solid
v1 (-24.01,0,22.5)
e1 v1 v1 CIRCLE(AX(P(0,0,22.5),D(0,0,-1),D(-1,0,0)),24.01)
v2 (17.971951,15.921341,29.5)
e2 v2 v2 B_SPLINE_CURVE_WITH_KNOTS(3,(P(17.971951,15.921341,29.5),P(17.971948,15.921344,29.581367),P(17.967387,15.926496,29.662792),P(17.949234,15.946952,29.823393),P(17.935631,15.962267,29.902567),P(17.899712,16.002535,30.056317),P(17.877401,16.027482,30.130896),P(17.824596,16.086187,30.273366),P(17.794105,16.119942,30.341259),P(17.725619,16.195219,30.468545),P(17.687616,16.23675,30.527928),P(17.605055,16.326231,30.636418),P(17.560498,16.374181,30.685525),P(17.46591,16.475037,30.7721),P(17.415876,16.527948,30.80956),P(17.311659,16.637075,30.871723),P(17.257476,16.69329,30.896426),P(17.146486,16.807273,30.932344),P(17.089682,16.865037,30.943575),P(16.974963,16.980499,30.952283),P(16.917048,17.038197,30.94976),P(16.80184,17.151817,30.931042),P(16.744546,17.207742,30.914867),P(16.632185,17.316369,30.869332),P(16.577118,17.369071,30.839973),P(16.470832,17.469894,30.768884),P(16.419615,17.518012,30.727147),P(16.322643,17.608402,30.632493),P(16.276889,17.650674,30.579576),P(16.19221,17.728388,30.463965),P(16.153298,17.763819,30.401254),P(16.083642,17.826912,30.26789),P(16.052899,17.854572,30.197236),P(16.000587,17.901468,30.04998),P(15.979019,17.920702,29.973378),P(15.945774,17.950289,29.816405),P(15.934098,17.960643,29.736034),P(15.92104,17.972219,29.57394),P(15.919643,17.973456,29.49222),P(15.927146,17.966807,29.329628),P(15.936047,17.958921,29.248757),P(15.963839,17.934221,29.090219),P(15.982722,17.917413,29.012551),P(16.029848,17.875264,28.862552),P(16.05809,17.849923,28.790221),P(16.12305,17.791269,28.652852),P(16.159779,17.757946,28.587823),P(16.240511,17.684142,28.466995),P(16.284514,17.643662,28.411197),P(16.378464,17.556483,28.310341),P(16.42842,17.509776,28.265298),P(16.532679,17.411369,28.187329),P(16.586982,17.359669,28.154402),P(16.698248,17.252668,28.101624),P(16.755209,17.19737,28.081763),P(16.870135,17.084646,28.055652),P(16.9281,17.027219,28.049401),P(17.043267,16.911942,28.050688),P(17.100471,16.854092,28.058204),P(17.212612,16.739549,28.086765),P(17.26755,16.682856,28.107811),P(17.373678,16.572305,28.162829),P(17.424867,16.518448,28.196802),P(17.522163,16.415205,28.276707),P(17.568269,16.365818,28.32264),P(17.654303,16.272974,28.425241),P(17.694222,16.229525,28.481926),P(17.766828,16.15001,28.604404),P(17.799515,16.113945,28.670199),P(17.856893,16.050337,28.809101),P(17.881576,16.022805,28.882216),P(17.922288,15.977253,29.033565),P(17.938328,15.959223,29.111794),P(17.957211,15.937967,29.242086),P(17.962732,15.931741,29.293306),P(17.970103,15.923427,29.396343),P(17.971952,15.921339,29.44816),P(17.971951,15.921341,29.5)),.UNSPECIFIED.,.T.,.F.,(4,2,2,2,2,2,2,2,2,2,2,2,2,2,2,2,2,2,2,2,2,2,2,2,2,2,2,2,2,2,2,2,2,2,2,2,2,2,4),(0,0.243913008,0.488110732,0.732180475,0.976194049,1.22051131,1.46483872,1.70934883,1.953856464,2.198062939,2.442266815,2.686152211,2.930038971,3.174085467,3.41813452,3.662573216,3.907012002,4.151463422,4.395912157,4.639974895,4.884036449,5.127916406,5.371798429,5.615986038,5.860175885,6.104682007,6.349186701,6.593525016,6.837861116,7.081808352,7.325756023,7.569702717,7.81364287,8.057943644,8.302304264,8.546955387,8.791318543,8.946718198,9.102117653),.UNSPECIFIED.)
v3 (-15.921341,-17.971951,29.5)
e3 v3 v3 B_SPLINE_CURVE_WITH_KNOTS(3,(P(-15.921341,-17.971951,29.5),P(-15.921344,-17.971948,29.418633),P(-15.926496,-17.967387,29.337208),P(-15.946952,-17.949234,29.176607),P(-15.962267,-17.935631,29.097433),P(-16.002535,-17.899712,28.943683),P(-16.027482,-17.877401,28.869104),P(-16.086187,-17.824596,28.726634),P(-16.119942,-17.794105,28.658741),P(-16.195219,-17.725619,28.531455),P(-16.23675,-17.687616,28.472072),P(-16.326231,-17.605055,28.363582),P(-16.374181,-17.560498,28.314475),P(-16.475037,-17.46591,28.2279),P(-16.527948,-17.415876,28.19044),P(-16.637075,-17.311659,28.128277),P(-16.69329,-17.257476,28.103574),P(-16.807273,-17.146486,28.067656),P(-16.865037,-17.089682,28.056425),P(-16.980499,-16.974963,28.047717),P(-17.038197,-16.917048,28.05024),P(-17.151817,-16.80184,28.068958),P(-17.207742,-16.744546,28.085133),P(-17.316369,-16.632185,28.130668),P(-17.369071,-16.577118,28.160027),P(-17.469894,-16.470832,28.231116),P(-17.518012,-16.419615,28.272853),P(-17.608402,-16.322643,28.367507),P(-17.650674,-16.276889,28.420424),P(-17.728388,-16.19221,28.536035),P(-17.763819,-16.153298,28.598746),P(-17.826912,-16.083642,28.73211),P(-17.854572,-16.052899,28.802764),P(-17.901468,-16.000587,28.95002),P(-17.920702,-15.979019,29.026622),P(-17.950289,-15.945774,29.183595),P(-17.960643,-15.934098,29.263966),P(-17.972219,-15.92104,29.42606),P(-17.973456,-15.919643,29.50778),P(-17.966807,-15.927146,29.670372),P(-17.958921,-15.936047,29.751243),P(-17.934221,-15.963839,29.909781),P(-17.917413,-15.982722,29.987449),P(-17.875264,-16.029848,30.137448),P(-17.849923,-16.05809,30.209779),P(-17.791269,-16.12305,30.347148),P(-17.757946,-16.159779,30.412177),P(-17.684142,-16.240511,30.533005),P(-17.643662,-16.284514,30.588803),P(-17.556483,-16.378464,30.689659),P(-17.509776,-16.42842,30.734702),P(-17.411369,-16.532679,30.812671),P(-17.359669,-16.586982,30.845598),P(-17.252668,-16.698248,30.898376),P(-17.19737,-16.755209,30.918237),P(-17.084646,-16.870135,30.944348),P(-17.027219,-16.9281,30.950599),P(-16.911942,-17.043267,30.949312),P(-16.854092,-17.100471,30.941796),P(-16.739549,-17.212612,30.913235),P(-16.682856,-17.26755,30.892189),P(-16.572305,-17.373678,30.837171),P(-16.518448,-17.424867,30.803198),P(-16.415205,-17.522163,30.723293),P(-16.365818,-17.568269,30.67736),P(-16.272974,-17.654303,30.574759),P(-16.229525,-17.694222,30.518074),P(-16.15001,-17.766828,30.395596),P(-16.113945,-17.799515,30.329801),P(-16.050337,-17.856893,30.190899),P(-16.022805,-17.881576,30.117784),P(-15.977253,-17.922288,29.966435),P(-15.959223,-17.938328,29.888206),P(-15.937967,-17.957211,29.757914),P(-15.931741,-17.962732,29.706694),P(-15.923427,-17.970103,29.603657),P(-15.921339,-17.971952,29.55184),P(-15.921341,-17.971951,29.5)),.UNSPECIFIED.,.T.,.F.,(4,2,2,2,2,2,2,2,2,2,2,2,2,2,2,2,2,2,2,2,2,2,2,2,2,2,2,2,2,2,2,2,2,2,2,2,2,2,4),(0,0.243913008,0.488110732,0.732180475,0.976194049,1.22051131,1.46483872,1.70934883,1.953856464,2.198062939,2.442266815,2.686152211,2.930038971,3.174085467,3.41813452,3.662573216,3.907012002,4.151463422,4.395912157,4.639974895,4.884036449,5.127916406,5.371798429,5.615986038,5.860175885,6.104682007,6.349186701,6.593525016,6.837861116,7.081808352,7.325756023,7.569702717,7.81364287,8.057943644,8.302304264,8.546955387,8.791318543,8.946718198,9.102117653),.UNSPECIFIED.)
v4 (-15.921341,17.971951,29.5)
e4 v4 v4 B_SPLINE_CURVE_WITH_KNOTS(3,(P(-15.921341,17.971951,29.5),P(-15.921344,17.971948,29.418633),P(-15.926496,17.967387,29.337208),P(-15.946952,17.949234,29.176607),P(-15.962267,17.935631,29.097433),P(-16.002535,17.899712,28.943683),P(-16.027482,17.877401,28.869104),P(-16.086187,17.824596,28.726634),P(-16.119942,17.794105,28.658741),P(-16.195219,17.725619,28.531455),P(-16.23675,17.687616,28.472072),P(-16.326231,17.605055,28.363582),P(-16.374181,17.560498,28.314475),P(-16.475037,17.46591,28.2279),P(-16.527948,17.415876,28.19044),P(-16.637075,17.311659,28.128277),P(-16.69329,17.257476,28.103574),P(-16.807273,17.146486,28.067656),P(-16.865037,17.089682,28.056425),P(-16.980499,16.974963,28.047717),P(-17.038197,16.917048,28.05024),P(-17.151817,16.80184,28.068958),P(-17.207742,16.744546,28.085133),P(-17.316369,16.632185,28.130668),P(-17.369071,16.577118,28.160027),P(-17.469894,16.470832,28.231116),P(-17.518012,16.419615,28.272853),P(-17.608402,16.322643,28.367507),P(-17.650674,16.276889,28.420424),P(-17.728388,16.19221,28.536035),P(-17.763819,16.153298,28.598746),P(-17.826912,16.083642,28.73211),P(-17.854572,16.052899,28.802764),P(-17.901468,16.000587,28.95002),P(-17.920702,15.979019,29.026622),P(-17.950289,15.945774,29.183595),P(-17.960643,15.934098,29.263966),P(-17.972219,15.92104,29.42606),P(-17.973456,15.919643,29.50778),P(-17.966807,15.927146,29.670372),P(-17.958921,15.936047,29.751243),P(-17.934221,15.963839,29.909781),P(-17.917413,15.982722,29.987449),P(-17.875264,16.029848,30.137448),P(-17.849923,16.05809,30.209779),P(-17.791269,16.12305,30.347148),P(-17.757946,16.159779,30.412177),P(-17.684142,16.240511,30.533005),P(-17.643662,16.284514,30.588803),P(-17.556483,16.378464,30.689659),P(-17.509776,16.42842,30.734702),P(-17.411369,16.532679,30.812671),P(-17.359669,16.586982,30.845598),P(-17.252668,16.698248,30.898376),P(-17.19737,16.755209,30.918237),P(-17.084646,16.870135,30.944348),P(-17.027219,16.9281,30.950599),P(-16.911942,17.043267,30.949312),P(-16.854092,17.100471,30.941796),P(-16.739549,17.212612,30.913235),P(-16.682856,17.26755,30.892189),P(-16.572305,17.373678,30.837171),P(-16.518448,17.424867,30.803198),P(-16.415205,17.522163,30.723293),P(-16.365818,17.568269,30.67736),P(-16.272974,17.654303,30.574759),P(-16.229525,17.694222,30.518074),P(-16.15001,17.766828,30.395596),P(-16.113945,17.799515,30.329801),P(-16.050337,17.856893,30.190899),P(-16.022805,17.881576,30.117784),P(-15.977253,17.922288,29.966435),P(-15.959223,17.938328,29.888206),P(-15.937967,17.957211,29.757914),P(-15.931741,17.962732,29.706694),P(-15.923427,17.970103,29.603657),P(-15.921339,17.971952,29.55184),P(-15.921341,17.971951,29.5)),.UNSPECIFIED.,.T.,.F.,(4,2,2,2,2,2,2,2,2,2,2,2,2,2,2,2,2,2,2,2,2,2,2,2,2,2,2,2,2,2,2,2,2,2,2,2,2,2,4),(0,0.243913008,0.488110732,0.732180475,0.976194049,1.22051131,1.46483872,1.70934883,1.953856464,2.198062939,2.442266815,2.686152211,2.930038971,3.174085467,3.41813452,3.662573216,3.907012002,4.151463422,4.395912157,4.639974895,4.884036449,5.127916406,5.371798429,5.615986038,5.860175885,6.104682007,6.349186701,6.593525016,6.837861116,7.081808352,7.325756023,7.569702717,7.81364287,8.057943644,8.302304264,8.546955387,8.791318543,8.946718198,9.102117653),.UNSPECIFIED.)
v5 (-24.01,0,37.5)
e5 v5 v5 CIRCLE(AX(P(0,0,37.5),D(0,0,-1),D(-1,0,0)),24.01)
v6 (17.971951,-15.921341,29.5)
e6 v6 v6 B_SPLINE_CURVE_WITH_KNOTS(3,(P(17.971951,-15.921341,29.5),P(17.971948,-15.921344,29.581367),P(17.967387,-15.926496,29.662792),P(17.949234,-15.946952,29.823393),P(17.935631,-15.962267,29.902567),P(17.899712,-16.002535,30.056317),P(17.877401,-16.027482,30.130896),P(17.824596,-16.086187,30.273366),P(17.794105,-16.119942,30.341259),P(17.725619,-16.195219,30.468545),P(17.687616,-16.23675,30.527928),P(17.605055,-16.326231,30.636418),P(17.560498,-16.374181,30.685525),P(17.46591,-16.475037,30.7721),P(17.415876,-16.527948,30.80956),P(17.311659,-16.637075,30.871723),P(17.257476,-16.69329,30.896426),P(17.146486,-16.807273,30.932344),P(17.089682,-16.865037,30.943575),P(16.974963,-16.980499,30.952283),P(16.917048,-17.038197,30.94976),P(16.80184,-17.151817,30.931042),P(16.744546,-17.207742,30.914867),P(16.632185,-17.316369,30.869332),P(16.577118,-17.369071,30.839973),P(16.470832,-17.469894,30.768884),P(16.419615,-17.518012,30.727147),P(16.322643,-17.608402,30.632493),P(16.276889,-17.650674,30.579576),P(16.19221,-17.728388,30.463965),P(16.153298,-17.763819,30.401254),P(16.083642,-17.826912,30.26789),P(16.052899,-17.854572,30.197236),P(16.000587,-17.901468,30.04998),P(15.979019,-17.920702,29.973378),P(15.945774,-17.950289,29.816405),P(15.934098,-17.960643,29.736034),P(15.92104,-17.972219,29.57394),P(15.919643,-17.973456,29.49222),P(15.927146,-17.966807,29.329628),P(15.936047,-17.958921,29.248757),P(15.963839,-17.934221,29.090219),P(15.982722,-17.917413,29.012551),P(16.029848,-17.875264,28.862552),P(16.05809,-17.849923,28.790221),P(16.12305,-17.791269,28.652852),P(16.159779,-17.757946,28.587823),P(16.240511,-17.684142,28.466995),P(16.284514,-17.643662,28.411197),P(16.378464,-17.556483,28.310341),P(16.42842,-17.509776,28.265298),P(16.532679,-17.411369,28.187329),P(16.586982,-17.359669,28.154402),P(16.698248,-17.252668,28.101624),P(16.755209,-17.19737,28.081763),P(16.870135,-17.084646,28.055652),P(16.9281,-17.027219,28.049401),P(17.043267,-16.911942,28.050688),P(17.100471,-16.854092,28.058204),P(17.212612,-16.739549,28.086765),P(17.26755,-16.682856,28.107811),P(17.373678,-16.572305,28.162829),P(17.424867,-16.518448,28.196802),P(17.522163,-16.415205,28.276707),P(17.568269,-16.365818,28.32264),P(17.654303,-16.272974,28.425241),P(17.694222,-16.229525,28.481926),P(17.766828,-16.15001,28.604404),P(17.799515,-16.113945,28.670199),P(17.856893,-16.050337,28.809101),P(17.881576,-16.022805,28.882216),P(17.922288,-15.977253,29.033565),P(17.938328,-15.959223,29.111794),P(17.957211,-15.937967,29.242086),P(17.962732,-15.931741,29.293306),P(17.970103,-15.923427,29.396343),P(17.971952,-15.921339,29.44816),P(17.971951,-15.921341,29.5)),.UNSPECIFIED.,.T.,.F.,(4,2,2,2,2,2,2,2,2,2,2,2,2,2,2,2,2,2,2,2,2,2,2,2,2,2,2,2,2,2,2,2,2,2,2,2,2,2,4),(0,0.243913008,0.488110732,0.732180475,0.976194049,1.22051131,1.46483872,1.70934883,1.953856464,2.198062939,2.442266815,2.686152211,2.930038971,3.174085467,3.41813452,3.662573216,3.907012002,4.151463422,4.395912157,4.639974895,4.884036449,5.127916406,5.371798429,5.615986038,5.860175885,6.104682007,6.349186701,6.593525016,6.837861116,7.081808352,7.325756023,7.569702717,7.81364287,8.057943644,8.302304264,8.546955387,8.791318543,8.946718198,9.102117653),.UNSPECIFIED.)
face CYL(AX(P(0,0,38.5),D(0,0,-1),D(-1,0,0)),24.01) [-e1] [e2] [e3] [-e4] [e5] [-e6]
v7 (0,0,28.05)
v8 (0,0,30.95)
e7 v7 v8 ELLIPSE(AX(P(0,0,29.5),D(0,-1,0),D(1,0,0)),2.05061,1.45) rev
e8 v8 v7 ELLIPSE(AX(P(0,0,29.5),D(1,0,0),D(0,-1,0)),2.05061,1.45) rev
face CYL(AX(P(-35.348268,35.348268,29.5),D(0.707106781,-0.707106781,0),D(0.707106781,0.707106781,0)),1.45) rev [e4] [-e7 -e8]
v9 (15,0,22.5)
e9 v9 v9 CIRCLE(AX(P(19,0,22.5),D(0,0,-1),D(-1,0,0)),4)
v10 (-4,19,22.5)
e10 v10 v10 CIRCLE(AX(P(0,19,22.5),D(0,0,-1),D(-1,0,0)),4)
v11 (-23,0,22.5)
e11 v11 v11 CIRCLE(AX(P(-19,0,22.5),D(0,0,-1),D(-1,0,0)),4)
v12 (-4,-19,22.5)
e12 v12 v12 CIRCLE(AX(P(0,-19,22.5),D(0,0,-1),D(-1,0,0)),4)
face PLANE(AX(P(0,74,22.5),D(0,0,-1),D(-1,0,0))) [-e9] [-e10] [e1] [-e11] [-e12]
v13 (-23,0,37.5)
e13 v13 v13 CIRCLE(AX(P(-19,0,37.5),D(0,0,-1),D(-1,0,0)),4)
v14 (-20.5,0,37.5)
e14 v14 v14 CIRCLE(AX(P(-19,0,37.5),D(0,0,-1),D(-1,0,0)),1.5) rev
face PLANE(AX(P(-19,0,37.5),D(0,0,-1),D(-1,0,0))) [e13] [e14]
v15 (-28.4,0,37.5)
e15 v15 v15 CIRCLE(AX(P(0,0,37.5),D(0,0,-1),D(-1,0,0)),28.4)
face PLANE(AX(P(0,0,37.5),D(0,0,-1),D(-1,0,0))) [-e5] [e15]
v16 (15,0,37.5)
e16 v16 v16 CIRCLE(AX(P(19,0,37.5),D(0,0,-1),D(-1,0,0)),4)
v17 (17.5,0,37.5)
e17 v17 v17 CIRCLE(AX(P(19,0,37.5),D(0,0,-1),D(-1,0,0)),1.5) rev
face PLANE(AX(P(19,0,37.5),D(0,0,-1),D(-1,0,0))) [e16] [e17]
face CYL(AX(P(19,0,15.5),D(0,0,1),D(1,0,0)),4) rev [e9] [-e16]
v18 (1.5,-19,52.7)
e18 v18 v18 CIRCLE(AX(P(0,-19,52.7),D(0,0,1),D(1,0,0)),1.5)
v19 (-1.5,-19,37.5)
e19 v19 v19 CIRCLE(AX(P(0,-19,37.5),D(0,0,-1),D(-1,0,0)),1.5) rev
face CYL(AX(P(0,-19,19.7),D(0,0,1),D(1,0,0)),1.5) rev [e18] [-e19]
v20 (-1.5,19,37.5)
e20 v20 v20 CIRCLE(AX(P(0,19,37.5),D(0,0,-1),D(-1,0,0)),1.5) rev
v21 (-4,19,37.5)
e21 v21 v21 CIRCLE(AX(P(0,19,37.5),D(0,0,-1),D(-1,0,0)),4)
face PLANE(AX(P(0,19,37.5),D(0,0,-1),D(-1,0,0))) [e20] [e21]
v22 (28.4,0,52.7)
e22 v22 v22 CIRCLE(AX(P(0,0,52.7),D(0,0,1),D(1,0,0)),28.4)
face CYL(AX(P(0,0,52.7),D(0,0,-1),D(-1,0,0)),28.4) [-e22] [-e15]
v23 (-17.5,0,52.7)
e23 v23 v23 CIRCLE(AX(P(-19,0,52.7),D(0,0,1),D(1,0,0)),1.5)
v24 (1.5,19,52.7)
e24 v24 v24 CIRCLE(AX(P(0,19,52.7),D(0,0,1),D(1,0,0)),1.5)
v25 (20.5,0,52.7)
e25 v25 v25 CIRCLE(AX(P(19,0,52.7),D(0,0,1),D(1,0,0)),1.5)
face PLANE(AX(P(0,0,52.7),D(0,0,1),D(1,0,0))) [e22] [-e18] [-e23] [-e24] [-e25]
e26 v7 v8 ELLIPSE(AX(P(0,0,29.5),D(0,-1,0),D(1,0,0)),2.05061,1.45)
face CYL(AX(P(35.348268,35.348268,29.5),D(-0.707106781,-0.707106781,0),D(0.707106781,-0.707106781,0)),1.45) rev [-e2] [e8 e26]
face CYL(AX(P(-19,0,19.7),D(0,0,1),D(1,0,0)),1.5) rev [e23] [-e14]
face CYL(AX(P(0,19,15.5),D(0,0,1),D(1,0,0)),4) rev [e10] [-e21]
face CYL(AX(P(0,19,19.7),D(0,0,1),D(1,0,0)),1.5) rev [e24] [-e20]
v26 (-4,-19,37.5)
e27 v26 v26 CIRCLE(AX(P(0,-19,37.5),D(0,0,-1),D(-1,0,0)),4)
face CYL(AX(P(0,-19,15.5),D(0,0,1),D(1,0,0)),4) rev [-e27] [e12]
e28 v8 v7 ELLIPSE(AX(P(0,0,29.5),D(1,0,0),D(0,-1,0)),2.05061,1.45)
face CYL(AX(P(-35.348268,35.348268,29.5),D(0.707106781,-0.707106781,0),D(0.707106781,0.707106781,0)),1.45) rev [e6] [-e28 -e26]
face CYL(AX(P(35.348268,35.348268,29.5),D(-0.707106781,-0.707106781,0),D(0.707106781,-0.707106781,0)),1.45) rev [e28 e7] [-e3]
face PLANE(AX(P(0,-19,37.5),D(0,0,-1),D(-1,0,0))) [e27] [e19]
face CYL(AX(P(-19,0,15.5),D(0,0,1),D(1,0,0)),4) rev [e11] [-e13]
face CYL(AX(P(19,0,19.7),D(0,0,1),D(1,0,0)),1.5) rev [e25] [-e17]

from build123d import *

# Parameters (mm, degrees)
SKETCH_1_R               = 37.5
EXTRUDE_1_DEPTH          = 15.5
SKETCH_2_R               = 3
CUT_EXTRUDE_1_DEPTH      = 16
SKETCH_4_R               = 4.8
CUT_EXTRUDE_2_DEPTH      = 4.5
SKETCH_6_R               = 24.01
EXTRUDE_2_DEPTH          = 23
SKETCH_7_R               = 28.4
EXTRUDE_3_DEPTH          = 14.2
SKETCH_5_R               = 1.5
CUT_EXTRUDE_3_DEPTH      = 33
SKETCH_9_R               = 2.75
CUT_EXTRUDE_6_DEPTH      = 58
EXTRUDE_START            = -1
SKETCH_10_R              = 28.4
EXTRUDE_5_DEPTH          = 1
SKETCH_11_R              = 4
CUT_EXTRUDE_7_DEPTH      = 22
CUT_EXTRUDE_9_DEPTH      = 74
CUT_EXTRUDE_9_DEPTH_BACK = 74
SKETCH_15_R              = 1.45
CUT_EXTRUDE_10_DEPTH     = 74
SKETCH_16_R              = 1.45
CUT_EXTRUDE_11_DEPTH     = 74


with BuildPart() as part:
    # 草图1 → 凸台-拉伸1 (new body)
    with BuildSketch(Plane.XY):
        Circle(SKETCH_1_R)
    extrude(amount=EXTRUDE_1_DEPTH)

    # 草图2 → 切除-拉伸1 (cut)
    with BuildSketch(Plane(origin=(0, 0, 0), x_dir=(-1, 0, 0), z_dir=(0, 0, -1))):
        with Locations((-25, 0)):
            Circle(SKETCH_2_R)
        with Locations((25, 0)):
            Circle(SKETCH_2_R)
        with Locations((0, 25)):
            Circle(SKETCH_2_R)
        with Locations((0, -25)):
            Circle(SKETCH_2_R)
    extrude(amount=-CUT_EXTRUDE_1_DEPTH, mode=Mode.SUBTRACT)

    # 草图4 → 切除-拉伸2 (cut)
    with BuildSketch(Plane.XY.offset(15.5)):
        with Locations((-25, 0)):
            Circle(SKETCH_4_R)
        with Locations((25, 0)):
            Circle(SKETCH_4_R)
        with Locations((0, 25)):
            Circle(SKETCH_4_R)
        with Locations((0, -25)):
            Circle(SKETCH_4_R)
    extrude(amount=-CUT_EXTRUDE_2_DEPTH, mode=Mode.SUBTRACT)

    # 草图6 → 凸台-拉伸2 (add)
    with BuildSketch(Plane.XY.offset(15.5)):
        Circle(SKETCH_6_R)
    extrude(amount=EXTRUDE_2_DEPTH)

    # 草图7 → 凸台-拉伸3 (add)
    with BuildSketch(Plane.XY.offset(38.5)):
        Circle(SKETCH_7_R)
    extrude(amount=EXTRUDE_3_DEPTH)

    # 草图5 → 切除-拉伸3 (cut)
    with BuildSketch(Plane.XY.offset(52.7)):
        with Locations((-19, 0)):
            Circle(SKETCH_5_R)
        with Locations((19, 0)):
            Circle(SKETCH_5_R)
        with Locations((0, 19)):
            Circle(SKETCH_5_R)
        with Locations((0, -19)):
            Circle(SKETCH_5_R)
    extrude(amount=-CUT_EXTRUDE_3_DEPTH, mode=Mode.SUBTRACT)

    # 草图9 → 切除-拉伸6 (cut)
    with BuildSketch(Plane(origin=(0, 0, 37.5), x_dir=(-1, 0, 0), z_dir=(0, 0, -1))):
        with Locations((-19, 0)):
            Circle(SKETCH_9_R)
        with Locations((0, 19)):
            Circle(SKETCH_9_R)
        with Locations((19, 0)):
            Circle(SKETCH_9_R)
        with Locations((0, -19)):
            Circle(SKETCH_9_R)
    extrude(amount=CUT_EXTRUDE_6_DEPTH, mode=Mode.SUBTRACT)

    # 草图10 → 凸台-拉伸5 (add)
    with BuildSketch(Plane(origin=(0, 0, 37.5), x_dir=(-1, 0, 0), z_dir=(0, 0, -1)).offset(EXTRUDE_START)):
        Circle(SKETCH_10_R)
        with BuildLine():
            ThreePointArc((-0.927741091, -20.178684211), (0, -20.5), (0.927741091, -20.178684211))
            ThreePointArc((0.927741091, -20.178684211), (14.28355698, -14.28355698), (20.178684211, -0.927741091))
            ThreePointArc((20.178684211, -0.927741091), (20.5, 0), (20.178684211, 0.927741091))
            ThreePointArc((20.178684211, 0.927741091), (14.28355698, 14.28355698), (0.927741091, 20.178684211))
            ThreePointArc((0.927741091, 20.178684211), (0, 20.5), (-0.927741091, 20.178684211))
            ThreePointArc((-0.927741091, 20.178684211), (-14.28355698, 14.28355698), (-20.178684211, 0.927741091))
            ThreePointArc((-20.178684211, 0.927741091), (-20.5, 0), (-20.178684211, -0.927741091))
            ThreePointArc((-20.178684211, -0.927741091), (-14.28355698, -14.28355698), (-0.927741091, -20.178684211))
        make_face(mode=Mode.SUBTRACT)
    extrude(amount=EXTRUDE_5_DEPTH)

    # 草图11 → 切除-拉伸7 (cut)
    with BuildSketch(Plane(origin=(0, 0, 37.5), x_dir=(-1, 0, 0), z_dir=(0, 0, -1))):
        with Locations((0, 19)):
            Circle(SKETCH_11_R)
        with Locations((-19, 0)):
            Circle(SKETCH_11_R)
        with Locations((19, 0)):
            Circle(SKETCH_11_R)
        with Locations((0, -19)):
            Circle(SKETCH_11_R)
    extrude(amount=CUT_EXTRUDE_7_DEPTH, mode=Mode.SUBTRACT)

    # 草图13 → 切除-拉伸9 (cut, two sides: drawn at the far end of the back side and taken through both)
    with BuildSketch(Plane(origin=(0, 0, 0), x_dir=(1, 0, 0), z_dir=(0, 1, 0)).offset(-CUT_EXTRUDE_9_DEPTH_BACK)):
        Polygon((-52.212490612, -22.5), (-52.212490612, 12.620192268), (47.798391164, 12.620192268), (47.798391164, -22.5), (0, -22.5), align=None)
    extrude(amount=CUT_EXTRUDE_9_DEPTH + CUT_EXTRUDE_9_DEPTH_BACK, mode=Mode.SUBTRACT)

    # 草图15 → 切除-拉伸10 (cut)
    with BuildSketch(Plane(origin=(16.977633816, -16.977633816, 0), x_dir=(0.7071067811865477, 0.7071067811865475, 0), z_dir=(-0.7071067811865475, 0.7071067811865477, 0))):
        with Locations((0, -29.5)):
            Circle(SKETCH_15_R)
    extrude(amount=CUT_EXTRUDE_10_DEPTH, mode=Mode.SUBTRACT)

    # 草图16 → 切除-拉伸11 (cut)
    with BuildSketch(Plane(origin=(-16.977633816, -16.977633816, 0), x_dir=(0, 0, 1), z_dir=(-0.7071067811865476, -0.7071067811865476, 0))):
        with Locations((29.5, 0)):
            Circle(SKETCH_16_R)
    extrude(amount=-CUT_EXTRUDE_11_DEPTH, mode=Mode.SUBTRACT)


solid = part.part
